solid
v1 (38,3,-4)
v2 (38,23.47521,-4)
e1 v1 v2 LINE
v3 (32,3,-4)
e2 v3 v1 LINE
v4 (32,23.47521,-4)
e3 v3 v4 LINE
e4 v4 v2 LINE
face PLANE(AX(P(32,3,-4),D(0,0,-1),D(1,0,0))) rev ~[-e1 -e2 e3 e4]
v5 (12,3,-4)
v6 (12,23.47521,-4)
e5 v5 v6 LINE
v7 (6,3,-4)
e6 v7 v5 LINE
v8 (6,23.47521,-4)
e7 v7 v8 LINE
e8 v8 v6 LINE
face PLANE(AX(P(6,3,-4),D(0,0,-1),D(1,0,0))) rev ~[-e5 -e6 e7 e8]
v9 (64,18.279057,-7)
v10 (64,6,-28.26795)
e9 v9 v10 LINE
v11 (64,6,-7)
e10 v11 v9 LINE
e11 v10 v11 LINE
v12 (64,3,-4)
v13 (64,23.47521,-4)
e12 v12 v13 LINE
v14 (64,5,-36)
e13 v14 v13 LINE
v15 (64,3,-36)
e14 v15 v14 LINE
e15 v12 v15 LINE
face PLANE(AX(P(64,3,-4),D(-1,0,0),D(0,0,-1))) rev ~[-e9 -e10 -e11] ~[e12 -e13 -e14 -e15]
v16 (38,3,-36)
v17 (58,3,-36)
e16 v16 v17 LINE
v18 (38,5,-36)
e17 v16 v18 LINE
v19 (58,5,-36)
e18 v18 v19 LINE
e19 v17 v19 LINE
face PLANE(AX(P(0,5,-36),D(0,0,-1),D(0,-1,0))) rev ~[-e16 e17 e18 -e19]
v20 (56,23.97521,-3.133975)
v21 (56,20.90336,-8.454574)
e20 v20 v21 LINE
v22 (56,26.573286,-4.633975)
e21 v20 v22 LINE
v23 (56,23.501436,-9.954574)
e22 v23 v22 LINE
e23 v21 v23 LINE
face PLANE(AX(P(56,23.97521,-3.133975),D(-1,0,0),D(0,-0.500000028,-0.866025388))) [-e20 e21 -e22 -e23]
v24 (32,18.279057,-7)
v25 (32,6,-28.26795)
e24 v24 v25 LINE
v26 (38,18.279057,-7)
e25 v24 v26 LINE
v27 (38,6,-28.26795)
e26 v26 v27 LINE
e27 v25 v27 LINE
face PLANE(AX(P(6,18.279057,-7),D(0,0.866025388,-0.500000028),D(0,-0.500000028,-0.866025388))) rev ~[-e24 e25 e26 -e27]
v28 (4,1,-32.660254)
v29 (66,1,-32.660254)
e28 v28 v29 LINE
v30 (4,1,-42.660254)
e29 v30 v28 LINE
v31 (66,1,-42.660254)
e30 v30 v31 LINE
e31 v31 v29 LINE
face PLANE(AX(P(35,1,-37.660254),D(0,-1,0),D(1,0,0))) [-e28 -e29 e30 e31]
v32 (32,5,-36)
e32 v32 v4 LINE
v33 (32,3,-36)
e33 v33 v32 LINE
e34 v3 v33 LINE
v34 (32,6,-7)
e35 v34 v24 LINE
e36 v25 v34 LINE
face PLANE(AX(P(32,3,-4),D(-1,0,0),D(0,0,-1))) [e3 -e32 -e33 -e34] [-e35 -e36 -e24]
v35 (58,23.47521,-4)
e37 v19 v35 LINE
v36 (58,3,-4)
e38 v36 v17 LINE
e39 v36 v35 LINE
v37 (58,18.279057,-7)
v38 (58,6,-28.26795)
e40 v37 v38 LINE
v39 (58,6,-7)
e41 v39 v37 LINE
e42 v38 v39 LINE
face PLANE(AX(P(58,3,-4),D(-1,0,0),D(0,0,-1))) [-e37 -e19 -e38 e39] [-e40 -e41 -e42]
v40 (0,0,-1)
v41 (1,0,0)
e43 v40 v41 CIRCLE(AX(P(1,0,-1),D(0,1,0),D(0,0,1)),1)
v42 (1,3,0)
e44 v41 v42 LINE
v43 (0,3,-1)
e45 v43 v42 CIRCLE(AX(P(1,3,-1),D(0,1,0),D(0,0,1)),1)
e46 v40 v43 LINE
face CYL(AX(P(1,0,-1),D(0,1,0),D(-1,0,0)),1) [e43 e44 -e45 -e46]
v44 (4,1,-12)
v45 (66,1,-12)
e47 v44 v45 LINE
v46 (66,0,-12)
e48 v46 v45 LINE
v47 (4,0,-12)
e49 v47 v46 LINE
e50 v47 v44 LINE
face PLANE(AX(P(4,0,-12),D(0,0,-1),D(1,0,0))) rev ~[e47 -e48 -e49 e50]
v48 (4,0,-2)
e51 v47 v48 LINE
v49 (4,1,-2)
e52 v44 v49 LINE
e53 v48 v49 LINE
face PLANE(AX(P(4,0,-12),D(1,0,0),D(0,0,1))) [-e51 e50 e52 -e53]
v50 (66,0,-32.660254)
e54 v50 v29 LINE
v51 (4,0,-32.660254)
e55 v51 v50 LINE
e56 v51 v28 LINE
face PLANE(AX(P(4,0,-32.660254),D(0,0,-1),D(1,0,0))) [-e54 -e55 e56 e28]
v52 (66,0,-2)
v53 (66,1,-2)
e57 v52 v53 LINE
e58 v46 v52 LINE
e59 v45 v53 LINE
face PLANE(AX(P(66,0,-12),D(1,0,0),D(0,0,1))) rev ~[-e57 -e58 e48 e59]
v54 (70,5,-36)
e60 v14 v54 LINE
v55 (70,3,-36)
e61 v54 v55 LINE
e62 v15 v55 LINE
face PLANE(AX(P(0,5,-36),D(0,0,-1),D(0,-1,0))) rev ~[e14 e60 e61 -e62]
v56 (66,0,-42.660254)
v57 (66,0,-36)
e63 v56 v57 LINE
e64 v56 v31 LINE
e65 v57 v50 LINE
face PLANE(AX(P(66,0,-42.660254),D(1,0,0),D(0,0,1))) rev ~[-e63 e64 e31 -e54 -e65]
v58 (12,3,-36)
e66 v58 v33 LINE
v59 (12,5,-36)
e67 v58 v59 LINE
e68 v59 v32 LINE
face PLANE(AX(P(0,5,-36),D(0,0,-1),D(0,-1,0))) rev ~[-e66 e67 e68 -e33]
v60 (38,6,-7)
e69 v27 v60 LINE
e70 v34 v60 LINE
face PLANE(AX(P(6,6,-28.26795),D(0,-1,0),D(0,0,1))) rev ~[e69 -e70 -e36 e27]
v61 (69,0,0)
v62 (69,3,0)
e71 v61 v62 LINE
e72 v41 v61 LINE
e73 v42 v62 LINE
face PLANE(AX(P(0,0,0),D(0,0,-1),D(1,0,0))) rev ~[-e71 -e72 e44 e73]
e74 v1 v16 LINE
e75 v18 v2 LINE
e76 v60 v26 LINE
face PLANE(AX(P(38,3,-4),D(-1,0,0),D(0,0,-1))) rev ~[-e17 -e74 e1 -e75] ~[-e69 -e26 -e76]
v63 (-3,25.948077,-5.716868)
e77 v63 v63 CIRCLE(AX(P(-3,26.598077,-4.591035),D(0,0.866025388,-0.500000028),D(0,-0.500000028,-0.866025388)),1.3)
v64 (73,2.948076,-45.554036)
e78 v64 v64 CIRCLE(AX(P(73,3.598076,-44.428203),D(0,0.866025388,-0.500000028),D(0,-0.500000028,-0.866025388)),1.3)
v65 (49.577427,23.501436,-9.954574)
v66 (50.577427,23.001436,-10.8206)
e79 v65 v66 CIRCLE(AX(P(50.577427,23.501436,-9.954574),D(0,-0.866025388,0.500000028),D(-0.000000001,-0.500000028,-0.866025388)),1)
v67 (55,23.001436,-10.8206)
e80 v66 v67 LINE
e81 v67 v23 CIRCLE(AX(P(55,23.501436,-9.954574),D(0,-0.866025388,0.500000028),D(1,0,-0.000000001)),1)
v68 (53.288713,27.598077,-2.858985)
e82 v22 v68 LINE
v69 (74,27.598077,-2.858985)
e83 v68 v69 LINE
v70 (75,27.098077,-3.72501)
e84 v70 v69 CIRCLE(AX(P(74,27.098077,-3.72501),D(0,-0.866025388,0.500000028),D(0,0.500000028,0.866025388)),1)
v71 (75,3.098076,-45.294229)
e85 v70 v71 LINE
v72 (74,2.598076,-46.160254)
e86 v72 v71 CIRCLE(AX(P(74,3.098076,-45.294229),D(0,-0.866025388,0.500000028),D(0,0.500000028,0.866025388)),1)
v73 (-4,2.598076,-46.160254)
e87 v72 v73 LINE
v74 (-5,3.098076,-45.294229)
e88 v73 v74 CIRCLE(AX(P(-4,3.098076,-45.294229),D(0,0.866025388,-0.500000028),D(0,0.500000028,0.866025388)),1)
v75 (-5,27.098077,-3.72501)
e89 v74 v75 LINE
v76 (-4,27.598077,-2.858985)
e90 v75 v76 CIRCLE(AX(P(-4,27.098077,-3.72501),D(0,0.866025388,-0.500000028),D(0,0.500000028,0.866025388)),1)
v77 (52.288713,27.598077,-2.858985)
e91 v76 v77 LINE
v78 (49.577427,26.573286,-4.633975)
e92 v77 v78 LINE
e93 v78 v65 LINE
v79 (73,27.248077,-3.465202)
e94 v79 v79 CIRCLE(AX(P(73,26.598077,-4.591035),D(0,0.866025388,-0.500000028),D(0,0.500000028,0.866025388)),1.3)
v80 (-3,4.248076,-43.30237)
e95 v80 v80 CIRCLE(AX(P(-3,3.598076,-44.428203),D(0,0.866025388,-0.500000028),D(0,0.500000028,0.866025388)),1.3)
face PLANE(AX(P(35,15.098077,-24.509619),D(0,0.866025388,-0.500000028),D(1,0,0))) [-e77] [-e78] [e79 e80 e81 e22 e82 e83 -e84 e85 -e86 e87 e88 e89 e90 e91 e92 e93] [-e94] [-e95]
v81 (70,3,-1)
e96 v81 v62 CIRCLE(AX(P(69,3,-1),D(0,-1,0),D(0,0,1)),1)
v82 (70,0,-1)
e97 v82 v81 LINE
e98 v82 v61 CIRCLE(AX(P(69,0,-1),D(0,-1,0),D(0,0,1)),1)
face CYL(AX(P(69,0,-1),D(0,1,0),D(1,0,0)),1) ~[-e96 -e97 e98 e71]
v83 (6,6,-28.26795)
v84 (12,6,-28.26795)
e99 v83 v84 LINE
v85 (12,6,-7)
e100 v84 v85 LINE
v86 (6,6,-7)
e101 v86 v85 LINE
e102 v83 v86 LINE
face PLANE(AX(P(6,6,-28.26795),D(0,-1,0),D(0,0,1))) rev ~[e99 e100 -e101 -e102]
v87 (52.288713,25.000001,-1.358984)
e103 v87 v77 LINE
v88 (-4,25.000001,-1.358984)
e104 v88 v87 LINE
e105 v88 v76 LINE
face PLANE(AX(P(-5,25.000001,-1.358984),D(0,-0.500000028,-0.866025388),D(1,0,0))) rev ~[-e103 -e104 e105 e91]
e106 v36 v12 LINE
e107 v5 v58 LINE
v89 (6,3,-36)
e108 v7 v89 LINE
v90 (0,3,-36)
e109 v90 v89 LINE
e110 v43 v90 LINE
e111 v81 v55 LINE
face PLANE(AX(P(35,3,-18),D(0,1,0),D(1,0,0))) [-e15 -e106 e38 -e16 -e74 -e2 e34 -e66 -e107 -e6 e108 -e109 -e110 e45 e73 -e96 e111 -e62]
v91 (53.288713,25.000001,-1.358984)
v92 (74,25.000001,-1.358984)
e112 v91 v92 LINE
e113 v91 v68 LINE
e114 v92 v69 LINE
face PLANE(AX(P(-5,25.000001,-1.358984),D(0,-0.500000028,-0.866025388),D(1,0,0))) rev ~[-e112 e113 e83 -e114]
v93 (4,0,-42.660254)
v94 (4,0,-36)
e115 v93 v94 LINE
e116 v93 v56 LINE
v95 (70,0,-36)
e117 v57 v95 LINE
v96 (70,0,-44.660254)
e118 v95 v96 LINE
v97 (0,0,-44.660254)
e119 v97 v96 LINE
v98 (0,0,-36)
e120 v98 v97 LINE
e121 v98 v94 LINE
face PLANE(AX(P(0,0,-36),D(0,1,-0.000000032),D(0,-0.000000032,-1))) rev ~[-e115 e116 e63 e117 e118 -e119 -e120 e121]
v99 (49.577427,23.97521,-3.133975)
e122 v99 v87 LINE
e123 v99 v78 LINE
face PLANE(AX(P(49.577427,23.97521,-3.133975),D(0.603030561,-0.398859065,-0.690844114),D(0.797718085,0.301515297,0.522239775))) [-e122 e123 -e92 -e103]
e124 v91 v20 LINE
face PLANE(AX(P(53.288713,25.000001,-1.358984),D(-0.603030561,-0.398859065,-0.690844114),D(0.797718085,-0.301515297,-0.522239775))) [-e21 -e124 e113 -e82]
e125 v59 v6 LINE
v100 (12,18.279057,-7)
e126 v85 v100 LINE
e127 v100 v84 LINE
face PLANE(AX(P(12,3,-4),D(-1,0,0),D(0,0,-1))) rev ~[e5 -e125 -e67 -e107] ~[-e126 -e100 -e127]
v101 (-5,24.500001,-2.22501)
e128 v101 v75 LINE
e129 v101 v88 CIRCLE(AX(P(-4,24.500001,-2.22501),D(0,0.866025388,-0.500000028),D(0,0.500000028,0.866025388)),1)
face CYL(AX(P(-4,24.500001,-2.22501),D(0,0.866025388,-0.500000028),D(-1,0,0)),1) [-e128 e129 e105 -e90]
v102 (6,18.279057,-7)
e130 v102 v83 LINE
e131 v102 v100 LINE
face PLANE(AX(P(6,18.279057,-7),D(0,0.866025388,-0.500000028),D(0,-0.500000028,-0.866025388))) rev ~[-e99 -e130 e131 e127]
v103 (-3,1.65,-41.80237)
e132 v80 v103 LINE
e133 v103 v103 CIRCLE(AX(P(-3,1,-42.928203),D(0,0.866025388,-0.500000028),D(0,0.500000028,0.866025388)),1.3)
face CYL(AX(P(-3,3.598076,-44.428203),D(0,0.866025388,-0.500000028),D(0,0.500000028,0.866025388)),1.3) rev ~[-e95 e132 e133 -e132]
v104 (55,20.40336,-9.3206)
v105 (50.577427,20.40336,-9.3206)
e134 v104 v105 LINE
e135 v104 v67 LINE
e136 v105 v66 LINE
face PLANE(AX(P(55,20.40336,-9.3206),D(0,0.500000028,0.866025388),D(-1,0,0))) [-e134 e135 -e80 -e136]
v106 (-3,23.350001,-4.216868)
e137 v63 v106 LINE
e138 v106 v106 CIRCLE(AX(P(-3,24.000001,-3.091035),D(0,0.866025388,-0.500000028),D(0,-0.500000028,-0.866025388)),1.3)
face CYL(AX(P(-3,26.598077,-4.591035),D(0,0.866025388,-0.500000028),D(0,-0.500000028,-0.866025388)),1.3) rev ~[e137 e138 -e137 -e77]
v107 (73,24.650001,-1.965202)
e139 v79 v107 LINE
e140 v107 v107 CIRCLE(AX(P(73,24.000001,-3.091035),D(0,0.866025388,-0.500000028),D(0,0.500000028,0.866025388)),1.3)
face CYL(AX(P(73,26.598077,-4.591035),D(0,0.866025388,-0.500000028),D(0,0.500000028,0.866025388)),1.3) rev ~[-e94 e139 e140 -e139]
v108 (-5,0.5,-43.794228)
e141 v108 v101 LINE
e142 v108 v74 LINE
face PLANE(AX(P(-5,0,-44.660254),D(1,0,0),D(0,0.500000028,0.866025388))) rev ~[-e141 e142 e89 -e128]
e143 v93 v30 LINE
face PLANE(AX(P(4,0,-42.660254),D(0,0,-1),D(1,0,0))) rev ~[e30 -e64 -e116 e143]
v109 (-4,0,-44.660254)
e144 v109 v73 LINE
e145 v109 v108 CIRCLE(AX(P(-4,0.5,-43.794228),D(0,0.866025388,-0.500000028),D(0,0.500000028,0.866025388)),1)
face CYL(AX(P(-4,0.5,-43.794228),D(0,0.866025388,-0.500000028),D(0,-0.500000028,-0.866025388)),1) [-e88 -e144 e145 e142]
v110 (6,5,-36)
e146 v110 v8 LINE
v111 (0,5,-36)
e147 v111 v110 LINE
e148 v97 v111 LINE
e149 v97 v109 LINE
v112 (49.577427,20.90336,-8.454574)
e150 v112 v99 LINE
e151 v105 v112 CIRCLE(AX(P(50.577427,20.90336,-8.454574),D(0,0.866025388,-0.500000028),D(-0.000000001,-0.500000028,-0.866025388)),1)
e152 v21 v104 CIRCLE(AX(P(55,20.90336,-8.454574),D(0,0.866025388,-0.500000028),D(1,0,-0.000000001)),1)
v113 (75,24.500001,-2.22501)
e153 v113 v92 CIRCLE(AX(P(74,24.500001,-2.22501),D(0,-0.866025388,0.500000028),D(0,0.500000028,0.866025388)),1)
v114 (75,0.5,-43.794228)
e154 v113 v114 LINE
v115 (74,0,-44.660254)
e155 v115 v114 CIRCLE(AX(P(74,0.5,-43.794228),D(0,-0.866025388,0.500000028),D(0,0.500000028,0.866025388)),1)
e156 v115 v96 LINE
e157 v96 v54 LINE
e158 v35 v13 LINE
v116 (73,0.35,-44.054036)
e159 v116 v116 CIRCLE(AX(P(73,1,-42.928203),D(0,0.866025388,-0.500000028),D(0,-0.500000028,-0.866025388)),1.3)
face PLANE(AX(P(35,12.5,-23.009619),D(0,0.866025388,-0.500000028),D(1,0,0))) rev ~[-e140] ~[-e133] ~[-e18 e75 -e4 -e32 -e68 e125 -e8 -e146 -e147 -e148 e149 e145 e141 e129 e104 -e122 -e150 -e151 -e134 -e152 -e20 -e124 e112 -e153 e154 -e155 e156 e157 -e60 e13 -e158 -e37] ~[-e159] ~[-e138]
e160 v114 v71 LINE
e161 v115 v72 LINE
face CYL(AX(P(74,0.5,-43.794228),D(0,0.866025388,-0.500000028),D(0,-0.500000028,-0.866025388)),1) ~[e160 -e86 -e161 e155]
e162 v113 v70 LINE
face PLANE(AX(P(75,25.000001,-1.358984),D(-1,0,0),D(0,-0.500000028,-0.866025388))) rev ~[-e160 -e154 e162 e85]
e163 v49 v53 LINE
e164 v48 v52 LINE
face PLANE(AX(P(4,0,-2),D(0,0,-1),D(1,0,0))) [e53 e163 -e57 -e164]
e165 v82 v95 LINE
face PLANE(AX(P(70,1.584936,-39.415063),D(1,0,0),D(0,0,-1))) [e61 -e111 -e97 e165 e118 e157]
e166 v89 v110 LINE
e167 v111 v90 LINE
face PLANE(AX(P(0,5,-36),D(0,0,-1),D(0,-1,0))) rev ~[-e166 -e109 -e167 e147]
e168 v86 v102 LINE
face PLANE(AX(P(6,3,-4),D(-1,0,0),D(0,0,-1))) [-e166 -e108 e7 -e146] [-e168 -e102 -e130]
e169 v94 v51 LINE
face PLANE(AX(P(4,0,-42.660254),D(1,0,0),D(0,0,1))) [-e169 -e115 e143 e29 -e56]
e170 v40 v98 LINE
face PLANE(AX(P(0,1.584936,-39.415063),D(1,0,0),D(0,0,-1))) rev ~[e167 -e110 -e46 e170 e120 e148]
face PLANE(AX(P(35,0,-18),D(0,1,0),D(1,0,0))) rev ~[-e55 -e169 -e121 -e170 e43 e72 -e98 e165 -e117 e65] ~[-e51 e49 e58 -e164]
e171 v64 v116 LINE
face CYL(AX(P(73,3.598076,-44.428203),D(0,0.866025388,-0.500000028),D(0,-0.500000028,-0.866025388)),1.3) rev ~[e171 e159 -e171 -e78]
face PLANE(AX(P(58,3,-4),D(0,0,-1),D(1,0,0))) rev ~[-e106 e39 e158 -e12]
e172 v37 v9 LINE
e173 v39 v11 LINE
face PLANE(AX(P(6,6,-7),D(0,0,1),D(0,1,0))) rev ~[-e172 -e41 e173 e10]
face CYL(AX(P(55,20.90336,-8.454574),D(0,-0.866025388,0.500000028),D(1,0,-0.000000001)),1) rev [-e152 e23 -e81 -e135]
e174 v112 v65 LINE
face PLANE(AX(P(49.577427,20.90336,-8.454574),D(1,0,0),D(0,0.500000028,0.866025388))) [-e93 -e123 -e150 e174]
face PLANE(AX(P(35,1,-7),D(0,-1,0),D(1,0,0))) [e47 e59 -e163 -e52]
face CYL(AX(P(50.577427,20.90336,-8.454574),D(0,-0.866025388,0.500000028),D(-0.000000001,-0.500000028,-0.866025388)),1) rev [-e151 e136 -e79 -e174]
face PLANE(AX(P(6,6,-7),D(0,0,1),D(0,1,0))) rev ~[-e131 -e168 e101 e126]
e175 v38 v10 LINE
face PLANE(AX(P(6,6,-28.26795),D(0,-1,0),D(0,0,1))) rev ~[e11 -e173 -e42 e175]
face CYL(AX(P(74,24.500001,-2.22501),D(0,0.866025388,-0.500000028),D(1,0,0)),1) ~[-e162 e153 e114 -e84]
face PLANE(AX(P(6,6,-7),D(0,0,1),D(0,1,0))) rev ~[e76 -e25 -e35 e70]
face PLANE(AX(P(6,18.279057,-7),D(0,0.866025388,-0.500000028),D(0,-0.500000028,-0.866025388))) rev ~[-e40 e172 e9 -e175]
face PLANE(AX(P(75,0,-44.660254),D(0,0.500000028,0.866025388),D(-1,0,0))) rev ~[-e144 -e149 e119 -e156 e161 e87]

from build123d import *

# Parameters (mm, degrees)
SKETCH8_W           = 70
SKETCH8_H           = 36
BOSS_EXTRUDE3_DEPTH = 3
SKETCH9_W           = 6
SKETCH9_H           = 32
BOSS_EXTRUDE4_DEPTH = 20.47521
CUT_EXTRUDE1_DEPTH  = 100
BOSS_EXTRUDE5_DEPTH = 3
BOSS_EXTRUDE6_DEPTH = 70
SKETCH15_R          = 1.3
CUT_EXTRUDE2_DEPTH  = 3
CUT_EXTRUDE3_DEPTH  = 100
SKETCH17_W          = 62
SKETCH17_H          = 10
CUT_EXTRUDE4_DEPTH  = 1
FILLET1_R           = 1
CUT_EXTRUDE5_DEPTH  = 10


with BuildPart() as part:
    # Sketch8 → Boss-Extrude3 (new body)
    with BuildSketch(Plane(origin=(0, 0, 0), x_dir=(1, 0, 0), z_dir=(0, 1, 0))):
        with Locations((35, 18)):
            Rectangle(SKETCH8_W, SKETCH8_H)
    extrude(amount=BOSS_EXTRUDE3_DEPTH)

    # Sketch9 → Boss-Extrude4 (add)
    with BuildSketch(Plane(origin=(0, 3, 0), x_dir=(1, 0, 0), z_dir=(0, 1, 0))):
        with Locations((61, 20)):
            Rectangle(SKETCH9_W, SKETCH9_H)
        with Locations((9, 20)):
            Rectangle(SKETCH9_W, SKETCH9_H)
        with Locations((35, 20)):
            Rectangle(SKETCH9_W, SKETCH9_H)
    extrude(amount=BOSS_EXTRUDE4_DEPTH)

    # Sketch10 → Cut-Extrude1 (cut)
    with BuildSketch(Plane.ZY.offset(-6)):
        Polygon((-36, 5), (-4, 23.47521), (-36, 23.47521), align=None)
    extrude(amount=-CUT_EXTRUDE1_DEPTH, mode=Mode.SUBTRACT)

    # Sketch11 → Boss-Extrude5 (add)
    with BuildSketch(Plane(origin=(0, 19.338457712, -11.165064603), x_dir=(1, 0, 0), z_dir=(0, 0.8660253875430481, -0.5000000281309126))):
        Polygon((6, 38.676913811), (-5, 38.676913811), (-5, -11.323086189), (75, -11.323086189), (75, 38.676913811), (64, 38.676913811), align=None)
    extrude(amount=BOSS_EXTRUDE5_DEPTH)

    # Sketch14 → Boss-Extrude6 (add)
    with BuildSketch(Plane.ZY):
        Polygon((-36, 0), (-44.660253875, -2.81e-07), (-36, 5), align=None)
    extrude(amount=-BOSS_EXTRUDE6_DEPTH)

    # Sketch15 → Cut-Extrude2 (cut)
    with BuildSketch(Plane(origin=(0, 21.936533875, -12.665064688), x_dir=(1, 0, 0), z_dir=(0, 0.8660253875430481, -0.5000000281309125))):
        with Locations(Location((-3, 36.676913811, 0), (0, 0, 270))):
            Circle(SKETCH15_R)
        with Locations(Location((73, 36.676913811, 0), (0, 0, 90))):
            Circle(SKETCH15_R)
        with Locations(Location((73, -9.323086189, 0), (0, 0, 270))):
            Circle(SKETCH15_R)
        with Locations(Location((-3, -9.323086189, 0), (0, 0, 90))):
            Circle(SKETCH15_R)
    extrude(amount=-CUT_EXTRUDE2_DEPTH, mode=Mode.SUBTRACT)

    # Sketch16 → Cut-Extrude3 (cut)
    with BuildSketch(Plane.ZY.offset(-6)):
        Polygon((-7, 6), (-7, 18.279057382), (-28.26794966, 6), align=None)
    extrude(amount=-CUT_EXTRUDE3_DEPTH, mode=Mode.SUBTRACT)

    # Sketch17 → Cut-Extrude4 (cut)
    with BuildSketch(Plane.XZ):
        with Locations((35, -7)):
            Rectangle(SKETCH17_W, SKETCH17_H)
        with Locations((35, -37.660253875)):
            Rectangle(SKETCH17_W, SKETCH17_H)
    extrude(amount=-CUT_EXTRUDE4_DEPTH, mode=Mode.SUBTRACT)

    # Fillet1
    fillet1_edges = [part.edges().sort_by_distance(p)[0] for p in [
        (70, 1.5, 0),
        (0, 1.5, 0),
        (-5, 1.2990378, -45.410253918),
        (-5, 26.299039207, -2.10898454),
        (75, 26.299039207, -2.10898454),
        (75, 1.2990378, -45.410253918),
    ]]
    fillet(fillet1_edges, radius=FILLET1_R)

    # Sketch18 → Cut-Extrude5 (cut)
    with BuildSketch(Plane(origin=(0, 19.338457712, -11.165064603), x_dir=(1, 0, 0), z_dir=(0, -0.8660253875430481, 0.5000000281309125))):
        with BuildLine():
            Line((49.57742676, 6.27350411), (49.57742676, 9.27350411))
            Line((49.57742676, 9.27350411), (52.28871338, 11.323086189))
            Line((52.28871338, 11.323086189), (53.28871338, 11.323086189))
            Line((53.28871338, 11.323086189), (56, 9.27350411))
            Line((56, 9.27350411), (56, 6.27350411))
            Line((56, 6.27350411), (56, 3.12980455))
            ThreePointArc((56, 3.12980455), (55.707106781, 2.422697769), (55, 2.12980455))
            Line((55, 2.12980455), (50.57742676, 2.12980455))
            ThreePointArc((50.57742676, 2.12980455), (49.870319979, 2.422697769), (49.57742676, 3.12980455))
            Line((49.57742676, 3.12980455), (49.57742676, 6.27350411))
        make_face()
    extrude(amount=-CUT_EXTRUDE5_DEPTH, mode=Mode.SUBTRACT)


solid = part.part
